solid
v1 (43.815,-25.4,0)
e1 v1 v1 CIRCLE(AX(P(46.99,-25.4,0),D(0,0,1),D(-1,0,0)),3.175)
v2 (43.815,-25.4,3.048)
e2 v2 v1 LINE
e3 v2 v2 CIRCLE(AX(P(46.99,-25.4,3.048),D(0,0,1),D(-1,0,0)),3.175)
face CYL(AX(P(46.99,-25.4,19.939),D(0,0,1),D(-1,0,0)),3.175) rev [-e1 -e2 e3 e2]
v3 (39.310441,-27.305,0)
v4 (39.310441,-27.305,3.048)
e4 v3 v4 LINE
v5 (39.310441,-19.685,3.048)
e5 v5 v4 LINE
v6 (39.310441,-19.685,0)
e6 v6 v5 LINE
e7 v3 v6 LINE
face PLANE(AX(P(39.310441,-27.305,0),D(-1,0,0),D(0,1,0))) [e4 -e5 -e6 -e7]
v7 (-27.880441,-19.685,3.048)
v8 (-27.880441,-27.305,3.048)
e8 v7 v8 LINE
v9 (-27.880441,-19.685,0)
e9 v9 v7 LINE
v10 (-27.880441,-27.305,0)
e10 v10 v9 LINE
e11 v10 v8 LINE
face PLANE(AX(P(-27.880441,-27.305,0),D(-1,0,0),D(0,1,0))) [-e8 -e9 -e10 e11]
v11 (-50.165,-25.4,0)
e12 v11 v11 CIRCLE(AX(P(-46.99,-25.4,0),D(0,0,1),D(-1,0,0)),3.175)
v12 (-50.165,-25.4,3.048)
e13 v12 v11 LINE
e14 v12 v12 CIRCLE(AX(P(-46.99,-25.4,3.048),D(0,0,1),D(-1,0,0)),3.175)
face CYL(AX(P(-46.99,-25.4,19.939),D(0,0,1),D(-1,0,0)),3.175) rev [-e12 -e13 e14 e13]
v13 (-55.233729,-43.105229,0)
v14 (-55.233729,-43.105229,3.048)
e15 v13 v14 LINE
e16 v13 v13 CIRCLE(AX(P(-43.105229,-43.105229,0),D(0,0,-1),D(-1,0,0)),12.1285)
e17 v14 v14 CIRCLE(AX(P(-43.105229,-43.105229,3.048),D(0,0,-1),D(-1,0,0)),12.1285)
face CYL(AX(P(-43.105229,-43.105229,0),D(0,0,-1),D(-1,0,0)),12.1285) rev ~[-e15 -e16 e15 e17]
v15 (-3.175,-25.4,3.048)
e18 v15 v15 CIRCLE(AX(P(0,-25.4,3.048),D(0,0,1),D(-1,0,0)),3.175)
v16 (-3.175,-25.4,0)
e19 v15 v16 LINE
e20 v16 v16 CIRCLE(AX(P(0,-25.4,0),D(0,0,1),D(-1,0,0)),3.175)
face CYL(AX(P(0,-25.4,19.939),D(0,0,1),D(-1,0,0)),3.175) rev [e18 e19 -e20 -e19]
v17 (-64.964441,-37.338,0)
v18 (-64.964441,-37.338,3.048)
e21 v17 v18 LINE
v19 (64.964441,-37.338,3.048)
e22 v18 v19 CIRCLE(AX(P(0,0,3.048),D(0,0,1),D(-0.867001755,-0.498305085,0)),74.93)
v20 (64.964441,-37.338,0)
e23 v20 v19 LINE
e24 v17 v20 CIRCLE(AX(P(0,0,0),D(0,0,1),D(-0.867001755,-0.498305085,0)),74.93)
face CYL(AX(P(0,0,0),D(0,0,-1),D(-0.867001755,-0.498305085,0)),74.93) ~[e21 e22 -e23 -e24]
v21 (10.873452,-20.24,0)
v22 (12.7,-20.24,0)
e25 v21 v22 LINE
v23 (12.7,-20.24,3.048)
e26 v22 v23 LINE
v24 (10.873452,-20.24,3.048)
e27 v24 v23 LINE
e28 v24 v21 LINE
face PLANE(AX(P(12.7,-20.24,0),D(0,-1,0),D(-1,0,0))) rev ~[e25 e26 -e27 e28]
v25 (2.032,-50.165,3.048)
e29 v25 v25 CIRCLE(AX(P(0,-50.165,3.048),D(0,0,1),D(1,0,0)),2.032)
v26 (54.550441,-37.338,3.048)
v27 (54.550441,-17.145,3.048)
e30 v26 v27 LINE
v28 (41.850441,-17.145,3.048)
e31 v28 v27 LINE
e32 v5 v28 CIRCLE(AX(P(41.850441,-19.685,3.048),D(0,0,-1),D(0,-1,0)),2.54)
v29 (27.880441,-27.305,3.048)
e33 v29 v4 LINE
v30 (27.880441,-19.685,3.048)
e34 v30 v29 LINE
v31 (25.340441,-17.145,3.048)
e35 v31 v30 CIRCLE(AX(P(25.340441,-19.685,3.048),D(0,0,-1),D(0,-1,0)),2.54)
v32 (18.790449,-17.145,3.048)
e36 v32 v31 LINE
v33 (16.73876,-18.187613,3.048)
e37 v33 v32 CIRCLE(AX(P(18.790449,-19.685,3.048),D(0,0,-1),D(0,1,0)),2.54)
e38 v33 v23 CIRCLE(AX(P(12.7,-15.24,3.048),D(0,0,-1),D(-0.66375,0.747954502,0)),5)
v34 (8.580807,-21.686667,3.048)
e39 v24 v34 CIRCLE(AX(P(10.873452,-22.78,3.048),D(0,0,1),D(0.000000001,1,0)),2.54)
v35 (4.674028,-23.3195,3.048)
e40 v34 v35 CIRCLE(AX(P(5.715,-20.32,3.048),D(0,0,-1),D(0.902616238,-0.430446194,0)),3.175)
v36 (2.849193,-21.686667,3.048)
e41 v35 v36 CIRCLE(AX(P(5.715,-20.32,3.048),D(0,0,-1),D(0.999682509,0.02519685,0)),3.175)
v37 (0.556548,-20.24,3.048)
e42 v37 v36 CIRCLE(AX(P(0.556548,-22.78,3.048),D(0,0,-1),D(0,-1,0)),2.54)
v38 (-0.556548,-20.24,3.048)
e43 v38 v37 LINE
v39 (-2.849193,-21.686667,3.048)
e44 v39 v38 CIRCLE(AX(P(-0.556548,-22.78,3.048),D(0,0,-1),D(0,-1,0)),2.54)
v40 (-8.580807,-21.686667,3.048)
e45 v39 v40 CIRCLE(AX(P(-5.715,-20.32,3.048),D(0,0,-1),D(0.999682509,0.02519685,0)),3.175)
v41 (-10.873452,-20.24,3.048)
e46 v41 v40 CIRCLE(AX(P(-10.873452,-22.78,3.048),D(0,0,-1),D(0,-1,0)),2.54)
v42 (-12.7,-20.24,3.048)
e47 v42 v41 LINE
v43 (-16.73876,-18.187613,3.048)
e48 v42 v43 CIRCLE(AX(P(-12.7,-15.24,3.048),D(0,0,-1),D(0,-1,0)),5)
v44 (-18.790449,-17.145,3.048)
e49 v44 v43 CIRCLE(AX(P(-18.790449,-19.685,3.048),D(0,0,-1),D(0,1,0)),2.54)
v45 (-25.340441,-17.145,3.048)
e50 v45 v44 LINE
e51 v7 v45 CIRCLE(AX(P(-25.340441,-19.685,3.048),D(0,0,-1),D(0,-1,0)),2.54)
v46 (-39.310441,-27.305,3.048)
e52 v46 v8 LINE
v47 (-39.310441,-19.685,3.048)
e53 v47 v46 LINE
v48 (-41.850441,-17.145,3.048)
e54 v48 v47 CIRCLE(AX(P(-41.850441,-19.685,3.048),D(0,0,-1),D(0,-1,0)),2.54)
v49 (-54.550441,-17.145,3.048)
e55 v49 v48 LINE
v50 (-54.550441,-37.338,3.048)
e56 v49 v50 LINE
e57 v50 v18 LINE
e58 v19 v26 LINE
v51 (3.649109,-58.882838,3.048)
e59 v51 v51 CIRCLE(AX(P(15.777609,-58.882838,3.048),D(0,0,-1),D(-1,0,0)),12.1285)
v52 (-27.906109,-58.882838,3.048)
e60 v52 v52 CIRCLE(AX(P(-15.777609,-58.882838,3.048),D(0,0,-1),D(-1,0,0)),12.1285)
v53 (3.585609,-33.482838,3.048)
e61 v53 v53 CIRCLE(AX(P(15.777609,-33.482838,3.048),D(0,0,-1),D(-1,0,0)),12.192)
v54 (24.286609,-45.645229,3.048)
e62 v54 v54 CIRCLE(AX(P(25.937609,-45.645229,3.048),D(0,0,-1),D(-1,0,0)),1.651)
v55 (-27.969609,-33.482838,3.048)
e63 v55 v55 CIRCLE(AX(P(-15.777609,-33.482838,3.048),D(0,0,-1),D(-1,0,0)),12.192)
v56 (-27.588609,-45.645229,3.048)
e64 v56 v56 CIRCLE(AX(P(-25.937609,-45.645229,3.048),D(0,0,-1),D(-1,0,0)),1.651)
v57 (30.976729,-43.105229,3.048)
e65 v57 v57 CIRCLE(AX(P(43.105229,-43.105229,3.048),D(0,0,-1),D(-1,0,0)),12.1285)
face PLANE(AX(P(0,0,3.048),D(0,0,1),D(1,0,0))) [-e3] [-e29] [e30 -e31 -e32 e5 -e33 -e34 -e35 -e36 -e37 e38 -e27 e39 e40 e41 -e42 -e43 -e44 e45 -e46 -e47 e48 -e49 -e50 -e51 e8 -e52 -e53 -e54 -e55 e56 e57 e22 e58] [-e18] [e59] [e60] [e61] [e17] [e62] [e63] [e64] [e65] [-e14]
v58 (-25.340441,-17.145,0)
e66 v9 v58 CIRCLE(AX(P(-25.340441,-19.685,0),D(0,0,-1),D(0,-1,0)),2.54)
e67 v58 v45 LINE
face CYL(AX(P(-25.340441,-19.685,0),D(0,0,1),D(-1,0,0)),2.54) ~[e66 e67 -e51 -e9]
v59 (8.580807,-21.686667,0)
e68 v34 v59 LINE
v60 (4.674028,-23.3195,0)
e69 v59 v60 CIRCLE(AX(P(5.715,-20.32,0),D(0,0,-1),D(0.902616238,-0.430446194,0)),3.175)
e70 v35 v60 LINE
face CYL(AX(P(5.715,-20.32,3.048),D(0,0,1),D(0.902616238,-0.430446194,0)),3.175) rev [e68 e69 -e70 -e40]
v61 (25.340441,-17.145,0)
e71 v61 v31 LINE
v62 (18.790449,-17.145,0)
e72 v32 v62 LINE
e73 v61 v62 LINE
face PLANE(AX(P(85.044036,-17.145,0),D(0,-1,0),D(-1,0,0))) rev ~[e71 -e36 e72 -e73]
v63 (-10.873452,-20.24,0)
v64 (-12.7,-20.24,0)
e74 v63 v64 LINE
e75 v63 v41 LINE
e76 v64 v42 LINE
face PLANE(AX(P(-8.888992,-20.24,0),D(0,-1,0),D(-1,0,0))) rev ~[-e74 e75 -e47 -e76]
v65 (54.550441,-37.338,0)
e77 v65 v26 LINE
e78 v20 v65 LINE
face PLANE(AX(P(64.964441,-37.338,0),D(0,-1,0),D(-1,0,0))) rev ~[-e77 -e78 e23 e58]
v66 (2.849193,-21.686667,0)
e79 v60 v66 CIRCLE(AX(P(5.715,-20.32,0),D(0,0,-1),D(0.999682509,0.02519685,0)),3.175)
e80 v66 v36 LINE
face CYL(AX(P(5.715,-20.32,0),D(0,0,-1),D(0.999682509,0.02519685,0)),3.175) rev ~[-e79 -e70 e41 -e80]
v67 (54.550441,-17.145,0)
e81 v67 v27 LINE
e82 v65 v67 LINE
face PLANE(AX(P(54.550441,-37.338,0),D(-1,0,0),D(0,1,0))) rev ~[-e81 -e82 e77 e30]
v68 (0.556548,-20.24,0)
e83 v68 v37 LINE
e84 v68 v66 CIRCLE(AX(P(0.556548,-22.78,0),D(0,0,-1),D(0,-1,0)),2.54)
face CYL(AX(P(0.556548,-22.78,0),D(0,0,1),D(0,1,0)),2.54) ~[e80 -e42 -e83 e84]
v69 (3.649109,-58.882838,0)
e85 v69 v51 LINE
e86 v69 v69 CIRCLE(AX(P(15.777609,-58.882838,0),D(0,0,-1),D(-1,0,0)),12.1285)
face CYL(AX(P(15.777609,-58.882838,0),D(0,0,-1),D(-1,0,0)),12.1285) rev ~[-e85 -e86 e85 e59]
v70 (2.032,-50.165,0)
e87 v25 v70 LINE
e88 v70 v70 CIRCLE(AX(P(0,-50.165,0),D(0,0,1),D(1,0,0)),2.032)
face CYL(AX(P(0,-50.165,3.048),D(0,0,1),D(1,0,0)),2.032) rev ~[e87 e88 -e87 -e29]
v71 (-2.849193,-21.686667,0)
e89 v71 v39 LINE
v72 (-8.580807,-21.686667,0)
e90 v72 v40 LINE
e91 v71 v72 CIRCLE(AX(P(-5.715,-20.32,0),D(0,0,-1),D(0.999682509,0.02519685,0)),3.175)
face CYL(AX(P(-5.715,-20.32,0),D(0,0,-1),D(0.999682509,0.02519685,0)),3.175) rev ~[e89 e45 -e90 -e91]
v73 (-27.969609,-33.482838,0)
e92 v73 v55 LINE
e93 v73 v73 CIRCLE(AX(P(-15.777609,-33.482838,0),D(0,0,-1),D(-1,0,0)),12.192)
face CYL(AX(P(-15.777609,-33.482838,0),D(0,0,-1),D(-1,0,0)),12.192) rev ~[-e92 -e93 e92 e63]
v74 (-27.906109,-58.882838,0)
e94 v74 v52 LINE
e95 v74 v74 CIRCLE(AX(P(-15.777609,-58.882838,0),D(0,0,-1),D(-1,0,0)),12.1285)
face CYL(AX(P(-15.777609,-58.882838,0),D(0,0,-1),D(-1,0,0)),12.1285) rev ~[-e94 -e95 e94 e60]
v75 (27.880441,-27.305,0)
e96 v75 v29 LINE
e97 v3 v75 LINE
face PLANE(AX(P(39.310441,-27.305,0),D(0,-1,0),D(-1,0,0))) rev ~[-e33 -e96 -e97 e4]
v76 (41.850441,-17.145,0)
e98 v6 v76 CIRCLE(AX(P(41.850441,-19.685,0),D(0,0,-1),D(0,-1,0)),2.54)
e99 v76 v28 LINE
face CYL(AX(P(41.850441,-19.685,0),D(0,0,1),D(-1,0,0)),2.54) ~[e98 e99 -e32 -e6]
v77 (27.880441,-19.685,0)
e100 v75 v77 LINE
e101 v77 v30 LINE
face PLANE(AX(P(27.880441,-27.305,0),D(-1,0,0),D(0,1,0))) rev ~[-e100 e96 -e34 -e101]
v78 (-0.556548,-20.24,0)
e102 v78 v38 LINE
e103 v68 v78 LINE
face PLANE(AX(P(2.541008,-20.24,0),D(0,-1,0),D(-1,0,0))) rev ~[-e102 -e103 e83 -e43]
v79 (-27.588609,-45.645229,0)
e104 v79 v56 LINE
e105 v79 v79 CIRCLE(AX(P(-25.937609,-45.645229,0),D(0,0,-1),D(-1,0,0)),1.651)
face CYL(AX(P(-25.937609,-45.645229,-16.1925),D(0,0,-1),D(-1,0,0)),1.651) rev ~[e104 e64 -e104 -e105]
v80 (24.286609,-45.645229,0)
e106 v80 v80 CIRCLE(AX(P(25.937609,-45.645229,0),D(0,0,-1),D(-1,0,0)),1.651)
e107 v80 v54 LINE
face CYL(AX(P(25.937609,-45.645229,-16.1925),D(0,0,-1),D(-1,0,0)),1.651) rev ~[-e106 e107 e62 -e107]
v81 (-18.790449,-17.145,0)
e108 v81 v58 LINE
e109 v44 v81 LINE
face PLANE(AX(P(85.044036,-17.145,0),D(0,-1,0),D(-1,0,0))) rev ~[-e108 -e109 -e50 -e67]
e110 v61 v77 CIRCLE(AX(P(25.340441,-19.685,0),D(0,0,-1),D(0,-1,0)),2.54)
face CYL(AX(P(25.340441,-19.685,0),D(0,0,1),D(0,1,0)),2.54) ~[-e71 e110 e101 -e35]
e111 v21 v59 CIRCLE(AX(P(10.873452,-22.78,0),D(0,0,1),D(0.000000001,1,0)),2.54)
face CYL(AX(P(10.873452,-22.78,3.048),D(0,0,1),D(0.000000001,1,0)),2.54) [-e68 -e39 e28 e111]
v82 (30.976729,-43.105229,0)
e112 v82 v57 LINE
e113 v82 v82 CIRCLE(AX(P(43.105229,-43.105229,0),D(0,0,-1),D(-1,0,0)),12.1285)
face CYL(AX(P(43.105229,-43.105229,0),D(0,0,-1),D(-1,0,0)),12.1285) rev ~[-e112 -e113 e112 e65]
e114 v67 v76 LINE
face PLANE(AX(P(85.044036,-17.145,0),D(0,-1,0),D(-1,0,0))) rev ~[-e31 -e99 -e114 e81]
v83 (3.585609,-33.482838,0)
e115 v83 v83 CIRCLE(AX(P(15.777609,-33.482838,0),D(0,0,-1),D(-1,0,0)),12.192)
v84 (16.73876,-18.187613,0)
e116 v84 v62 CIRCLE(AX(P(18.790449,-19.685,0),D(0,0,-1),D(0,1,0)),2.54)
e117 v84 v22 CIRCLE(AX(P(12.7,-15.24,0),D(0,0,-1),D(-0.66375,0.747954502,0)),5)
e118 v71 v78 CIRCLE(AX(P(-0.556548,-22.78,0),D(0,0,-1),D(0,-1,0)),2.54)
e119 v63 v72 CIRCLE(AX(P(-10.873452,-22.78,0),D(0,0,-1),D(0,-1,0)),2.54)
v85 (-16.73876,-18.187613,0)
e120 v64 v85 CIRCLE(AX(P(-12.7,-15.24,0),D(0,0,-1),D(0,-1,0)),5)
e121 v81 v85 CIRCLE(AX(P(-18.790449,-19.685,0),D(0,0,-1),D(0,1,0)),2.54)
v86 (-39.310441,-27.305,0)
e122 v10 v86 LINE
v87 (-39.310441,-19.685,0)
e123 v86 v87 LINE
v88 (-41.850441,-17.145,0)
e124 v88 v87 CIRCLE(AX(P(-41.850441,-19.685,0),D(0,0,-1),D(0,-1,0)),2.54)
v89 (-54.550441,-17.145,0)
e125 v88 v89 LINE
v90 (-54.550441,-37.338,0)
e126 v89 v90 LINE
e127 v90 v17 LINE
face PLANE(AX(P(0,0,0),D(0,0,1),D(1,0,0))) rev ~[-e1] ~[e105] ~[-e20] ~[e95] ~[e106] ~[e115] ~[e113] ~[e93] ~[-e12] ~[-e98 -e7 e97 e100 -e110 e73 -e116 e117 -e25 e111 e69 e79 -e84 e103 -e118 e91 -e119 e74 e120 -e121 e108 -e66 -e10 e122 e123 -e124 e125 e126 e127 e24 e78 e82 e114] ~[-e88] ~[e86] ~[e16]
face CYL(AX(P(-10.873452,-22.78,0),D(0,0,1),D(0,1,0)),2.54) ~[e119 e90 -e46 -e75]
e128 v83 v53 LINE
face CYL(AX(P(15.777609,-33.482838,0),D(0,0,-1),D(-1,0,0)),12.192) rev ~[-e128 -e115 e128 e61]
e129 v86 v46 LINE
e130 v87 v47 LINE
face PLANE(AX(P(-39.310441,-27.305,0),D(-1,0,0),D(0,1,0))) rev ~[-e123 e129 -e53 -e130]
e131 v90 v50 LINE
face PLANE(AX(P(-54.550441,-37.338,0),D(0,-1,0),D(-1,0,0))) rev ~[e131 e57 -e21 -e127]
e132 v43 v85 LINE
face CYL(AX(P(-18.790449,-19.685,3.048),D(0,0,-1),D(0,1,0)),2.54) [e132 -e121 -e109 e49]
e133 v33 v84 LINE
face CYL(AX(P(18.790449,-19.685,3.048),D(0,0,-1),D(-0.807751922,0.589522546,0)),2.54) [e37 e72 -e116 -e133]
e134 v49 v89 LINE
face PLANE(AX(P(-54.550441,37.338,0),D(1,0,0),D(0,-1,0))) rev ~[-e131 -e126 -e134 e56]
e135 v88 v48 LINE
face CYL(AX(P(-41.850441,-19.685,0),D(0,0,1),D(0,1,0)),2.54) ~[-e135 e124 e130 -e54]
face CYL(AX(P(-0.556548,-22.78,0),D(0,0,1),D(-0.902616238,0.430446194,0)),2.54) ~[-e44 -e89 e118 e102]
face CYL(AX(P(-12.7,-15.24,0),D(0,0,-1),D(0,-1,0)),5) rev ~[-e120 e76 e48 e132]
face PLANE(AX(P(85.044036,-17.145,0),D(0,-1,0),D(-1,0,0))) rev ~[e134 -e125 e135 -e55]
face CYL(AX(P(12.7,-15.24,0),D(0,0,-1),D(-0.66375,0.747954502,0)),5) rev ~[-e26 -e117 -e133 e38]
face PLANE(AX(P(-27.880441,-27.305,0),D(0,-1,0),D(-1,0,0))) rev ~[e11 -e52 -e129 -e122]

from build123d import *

# Parameters (mm, degrees)
SKETCH1_R                 = 1.651
BOSS_EXTRUDE2_DEPTH       = 3.048
SKETCH2_R                 = 1.143
CUT_EXTRUDE1_DEPTH        = 4.048
SKETCH3_R                 = 12.1285
CUT_EXTRUDE2_DEPTH        = 4.048
SKETCH4_W                 = 28.562713242
SKETCH4_H                 = 11.677503754
BOSS_EXTRUDE3_DEPTH       = 3.048
SKETCH5_W                 = 216.7214489
SKETCH5_H                 = 130.569220634
CUT_EXTRUDE4_DEPTH        = 4.048
SKETCH6_W                 = 4.7625
SKETCH6_H                 = 27.432
CUT_EXTRUDE5_DEPTH        = 4.048
SKETCH10_W                = 11.43
SKETCH10_H                = 10.16
CUT_EXTRUDE9_DEPTH        = 4.048
FILLET1_R                 = 6
FILLET2_R                 = 6
SKETCH66_R                = 1.651
CUT_EXTRUDE65_DEPTH       = 97.79
SKETCH120_R               = 3.175
CUT_EXTRUDE119_DEPTH      = 103.378
CUT_EXTRUDE119_DEPTH_BACK = 48.768
CUT_EXTRUDE12_DEPTH       = 10
FILLET3_R                 = 2.54
BOSS_EXTRUDE4_DEPTH       = 3.048
SKETCH122_R               = 2.032
CUT_EXTRUDE120_DEPTH      = 27.305
SKETCH123_R               = 12.192
CUT_EXTRUDE121_DEPTH      = 19.05


with BuildPart() as part:
    # Sketch1 → Boss-Extrude2 (new body)
    with BuildSketch(Plane.XY):
        with BuildLine():
            Line((-64.964441474, 37.338), (-54.550441474, 37.338))
            Line((-54.550441474, 37.338), (-54.550441474, -37.338))
            Line((-54.550441474, -37.338), (-64.964441474, -37.338))
            ThreePointArc((-64.964441474, -37.338), (0, -74.93), (64.964441474, -37.338))
            Line((64.964441474, -37.338), (54.550441474, -37.338))
            Line((54.550441474, -37.338), (54.550441474, 37.338))
            Line((54.550441474, 37.338), (64.964441474, 37.338))
            ThreePointArc((64.964441474, 37.338), (0, 74.93), (-64.964441474, 37.338))
        make_face()
        with Locations((-46.482, 11.049)):
            Circle(SKETCH1_R, mode=Mode.SUBTRACT)
        with Locations((-21.083270032, 10.795)):
            Circle(SKETCH1_R, mode=Mode.SUBTRACT)
        with Locations((-21.083270032, -10.795)):
            Circle(SKETCH1_R, mode=Mode.SUBTRACT)
        with Locations((-46.482, -11.049)):
            Circle(SKETCH1_R, mode=Mode.SUBTRACT)
        with Locations((46.482, -11.049)):
            Circle(SKETCH1_R, mode=Mode.SUBTRACT)
        with Locations((21.083270032, -10.795)):
            Circle(SKETCH1_R, mode=Mode.SUBTRACT)
        with Locations((21.083270032, 10.795)):
            Circle(SKETCH1_R, mode=Mode.SUBTRACT)
        with Locations((46.482, 11.049)):
            Circle(SKETCH1_R, mode=Mode.SUBTRACT)
    extrude(amount=BOSS_EXTRUDE2_DEPTH)

    # Sketch2 → Cut-Extrude1 (cut, through all)
    with BuildSketch(Plane.XY.offset(3.048)):
        with Locations((-6.731, 62.23)):
            Circle(SKETCH2_R)
        with Locations((6.731, 62.23)):
            Circle(SKETCH2_R)
    extrude(amount=-CUT_EXTRUDE1_DEPTH, mode=Mode.SUBTRACT)

    # Sketch3 → Cut-Extrude2 (cut, through all)
    with BuildSketch(Plane(origin=(0, 0, 0), x_dir=(-1, 0, 0), z_dir=(0, 0, -1))):
        with Locations((-15.777608989, -58.882838371)):
            Circle(SKETCH3_R)
        with Locations((15.777608989, -58.882838371)):
            Circle(SKETCH3_R)
        with Locations((-43.105229381, -43.105229381)):
            Circle(SKETCH3_R)
        with Locations((19.05, 32.995567884)):
            Circle(SKETCH3_R)
        with Locations((-43.105229381, 43.105229381)):
            Circle(SKETCH3_R)
        with Locations((43.105229381, 43.105229381)):
            Circle(SKETCH3_R)
        with Locations((-19.05, 32.995567884)):
            Circle(SKETCH3_R)
        with Locations((43.105229381, -43.105229381)):
            Circle(SKETCH3_R)
    extrude(amount=-CUT_EXTRUDE2_DEPTH, mode=Mode.SUBTRACT)

    # Sketch4 → Boss-Extrude3 (add)
    with BuildSketch(Plane(origin=(0, 0, 0), x_dir=(-1, 0, 0), z_dir=(0, 0, -1))):
        with Locations((-1.488809975, 62.152540216)):
            Rectangle(SKETCH4_W, SKETCH4_H)
    extrude(amount=-BOSS_EXTRUDE3_DEPTH)

    # Sketch5 → Cut-Extrude4 (cut, through all)
    with BuildSketch(Plane(origin=(0, 0, 0), x_dir=(-1, 0, 0), z_dir=(0, 0, -1))):
        with Locations((23.316688373, 48.139610317)):
            Rectangle(SKETCH5_W, SKETCH5_H)
    extrude(amount=-CUT_EXTRUDE4_DEPTH, mode=Mode.SUBTRACT)

    # Sketch6 → Cut-Extrude5 (cut, through all)
    with BuildSketch(Plane(origin=(0, 0, 0), x_dir=(-1, 0, 0), z_dir=(0, 0, -1))):
        with Locations((0, -45.847)):
            Rectangle(SKETCH6_W, SKETCH6_H)
        Polygon((-2.38125, -34.131), (-2.38125, -32.131), (-6.38125, -32.131), (-6.38125, -17.145), (-9.38125, -17.145), (-9.38125, -34.131), align=None)
    extrude(amount=-CUT_EXTRUDE5_DEPTH, mode=Mode.SUBTRACT)

    # Sketch10 → Cut-Extrude9 (cut, through all)
    with BuildSketch(Plane(origin=(0, 0, 0), x_dir=(-1, 0, 0), z_dir=(0, 0, -1))):
        with Locations((-33.595441474, -22.225)):
            Rectangle(SKETCH10_W, SKETCH10_H)
        with Locations((33.595441474, -22.225)):
            Rectangle(SKETCH10_W, SKETCH10_H)
    extrude(amount=-CUT_EXTRUDE9_DEPTH, mode=Mode.SUBTRACT)

    # Fillet1
    fillet1_edges = [part.edges().sort_by_distance(p)[0] for p in [
        (6.38125, -32.131, 1.524),
    ]]
    fillet(fillet1_edges, radius=FILLET1_R)

    # Fillet2
    fillet2_edges = [part.edges().sort_by_distance(p)[0] for p in [
        (2.38125, -34.131, 1.524),
    ]]
    fillet(fillet2_edges, radius=FILLET2_R)

    # Sketch66 → Cut-Extrude65 (cut)
    with BuildSketch(Plane(origin=(30.092005081, 4.08352975, -16.1925), x_dir=(-1, 0, 0), z_dir=(0, 0, -1))):
        with Locations((4.154396091, -49.728759131)):
            Circle(SKETCH66_R)
        with Locations((56.02961407, -49.728759131)):
            Circle(SKETCH66_R)
    extrude(amount=-CUT_EXTRUDE65_DEPTH, mode=Mode.SUBTRACT)

    # Sketch120 → Cut-Extrude119 (cut, two sides)
    with BuildSketch(Plane(origin=(30.092005081, 4.08352975, 19.939), x_dir=(-1, 0, 0), z_dir=(0, 0, -1))) as cut_extrude119_sk:
        with Locations((77.082005081, -29.48352975)):
            Circle(SKETCH120_R)
        with Locations((30.092005081, -29.48352975)):
            Circle(SKETCH120_R)
        with Locations((-16.897994919, -29.48352975)):
            Circle(SKETCH120_R)
    extrude(amount=CUT_EXTRUDE119_DEPTH, mode=Mode.SUBTRACT)
    extrude(cut_extrude119_sk.sketch, amount=-CUT_EXTRUDE119_DEPTH_BACK, mode=Mode.SUBTRACT)

    # Sketch13 → Cut-Extrude12 (cut)
    with BuildSketch(Plane(origin=(0, 0, 0), x_dir=(-1, 0, 0), z_dir=(0, 0, -1))):
        with BuildLine():
            Line((-12.7, -20.24), (-8.888991966, -20.24))
            ThreePointArc((-8.888991966, -20.24), (-5.715, -23.495), (-2.541008034, -20.24))
            Line((-2.541008034, -20.24), (2.541008034, -20.24))
            ThreePointArc((2.541008034, -20.24), (5.715, -23.495), (8.888991966, -20.24))
            Line((8.888991966, -20.24), (12.7, -20.24))
            ThreePointArc((12.7, -20.24), (16.235533906, -11.704466094), (7.7, -15.24))
            Line((7.7, -15.24), (-1.0625, -15.24))
            ThreePointArc((-1.0625, -15.24), (-4.012347567, -10.679640913), (-9.38125, -11.500227489))
            ThreePointArc((-9.38125, -11.500227489), (-17.374337523, -13.465015853), (-12.7, -20.24))
        make_face()
    extrude(amount=-CUT_EXTRUDE12_DEPTH, mode=Mode.SUBTRACT)

    # Fillet3
    fillet3_edges = [part.edges().sort_by_distance(p)[0] for p in [
        (39.310441474, -17.145, 1.524),
        (27.880441474, -17.145, 1.524),
        (-27.880441474, -17.145, 1.524),
        (-39.310441474, -17.145, 1.524),
        (6.38125, -23.424309253, 1.524),
        (9.38125, -20.24, 1.524),
        (17.322875188, -17.145, 1.524),
        (-17.322875188, -17.145, 1.524),
        (-8.888991966, -20.24, 1.524),
        (-2.541008034, -20.24, 1.524),
        (2.541008034, -20.24, 1.524),
    ]]
    fillet(fillet3_edges, radius=FILLET3_R)

    # Sketch121 → Boss-Extrude4 (add)
    with BuildSketch(Plane.XY.offset(3.048)):
        with BuildLine():
            Line((2.891074229, -60.515426156), (4.322679041, -42.124810499))
            Line((4.322679041, -42.124810499), (14.013542381, -30.56184856))
            Line((14.013542381, -30.56184856), (14.76082601, -20.962128091))
            Line((14.76082601, -20.962128091), (16.738759609, -18.187612732))
            ThreePointArc((16.738759609, -18.187612732), (14.965164049, -19.697469218), (12.7, -20.24))
            Line((12.7, -20.24), (10.873451803, -20.24))
            ThreePointArc((10.873451803, -20.24), (9.5179937, -20.631900064), (8.580806557, -21.686666667))
            ThreePointArc((8.580806557, -21.686666667), (5.715, -23.495), (2.849193443, -21.686666667))
            Line((2.849193443, -21.686666667), (4.942864205, -26.845073773))
            Line((4.942864205, -26.845073773), (2.891074229, -29.631036754))
            Line((2.891074229, -29.631036754), (-4.156826382, -31.552959583))
            Line((-4.156826382, -31.552959583), (-2.945468464, -62.167277862))
            Line((-2.945468464, -62.167277862), (2.891074229, -60.515426156))
        make_face()
    extrude(amount=-BOSS_EXTRUDE4_DEPTH)

    # Sketch122 → Cut-Extrude120 (cut)
    with BuildSketch(Plane.XY.offset(3.048)):
        with Locations((0, -50.165)):
            Circle(SKETCH122_R)
    extrude(amount=-CUT_EXTRUDE120_DEPTH, mode=Mode.SUBTRACT)

    # Sketch123 → Cut-Extrude121 (cut)
    with BuildSketch(Plane(origin=(0, 0, 0), x_dir=(-1, 0, 0), z_dir=(0, 0, -1))):
        with Locations((-15.777608989, -33.482838371)):
            Circle(SKETCH123_R)
        with Locations((15.777608989, -33.482838371)):
            Circle(SKETCH123_R)
    extrude(amount=-CUT_EXTRUDE121_DEPTH, mode=Mode.SUBTRACT)


solid = part.part
